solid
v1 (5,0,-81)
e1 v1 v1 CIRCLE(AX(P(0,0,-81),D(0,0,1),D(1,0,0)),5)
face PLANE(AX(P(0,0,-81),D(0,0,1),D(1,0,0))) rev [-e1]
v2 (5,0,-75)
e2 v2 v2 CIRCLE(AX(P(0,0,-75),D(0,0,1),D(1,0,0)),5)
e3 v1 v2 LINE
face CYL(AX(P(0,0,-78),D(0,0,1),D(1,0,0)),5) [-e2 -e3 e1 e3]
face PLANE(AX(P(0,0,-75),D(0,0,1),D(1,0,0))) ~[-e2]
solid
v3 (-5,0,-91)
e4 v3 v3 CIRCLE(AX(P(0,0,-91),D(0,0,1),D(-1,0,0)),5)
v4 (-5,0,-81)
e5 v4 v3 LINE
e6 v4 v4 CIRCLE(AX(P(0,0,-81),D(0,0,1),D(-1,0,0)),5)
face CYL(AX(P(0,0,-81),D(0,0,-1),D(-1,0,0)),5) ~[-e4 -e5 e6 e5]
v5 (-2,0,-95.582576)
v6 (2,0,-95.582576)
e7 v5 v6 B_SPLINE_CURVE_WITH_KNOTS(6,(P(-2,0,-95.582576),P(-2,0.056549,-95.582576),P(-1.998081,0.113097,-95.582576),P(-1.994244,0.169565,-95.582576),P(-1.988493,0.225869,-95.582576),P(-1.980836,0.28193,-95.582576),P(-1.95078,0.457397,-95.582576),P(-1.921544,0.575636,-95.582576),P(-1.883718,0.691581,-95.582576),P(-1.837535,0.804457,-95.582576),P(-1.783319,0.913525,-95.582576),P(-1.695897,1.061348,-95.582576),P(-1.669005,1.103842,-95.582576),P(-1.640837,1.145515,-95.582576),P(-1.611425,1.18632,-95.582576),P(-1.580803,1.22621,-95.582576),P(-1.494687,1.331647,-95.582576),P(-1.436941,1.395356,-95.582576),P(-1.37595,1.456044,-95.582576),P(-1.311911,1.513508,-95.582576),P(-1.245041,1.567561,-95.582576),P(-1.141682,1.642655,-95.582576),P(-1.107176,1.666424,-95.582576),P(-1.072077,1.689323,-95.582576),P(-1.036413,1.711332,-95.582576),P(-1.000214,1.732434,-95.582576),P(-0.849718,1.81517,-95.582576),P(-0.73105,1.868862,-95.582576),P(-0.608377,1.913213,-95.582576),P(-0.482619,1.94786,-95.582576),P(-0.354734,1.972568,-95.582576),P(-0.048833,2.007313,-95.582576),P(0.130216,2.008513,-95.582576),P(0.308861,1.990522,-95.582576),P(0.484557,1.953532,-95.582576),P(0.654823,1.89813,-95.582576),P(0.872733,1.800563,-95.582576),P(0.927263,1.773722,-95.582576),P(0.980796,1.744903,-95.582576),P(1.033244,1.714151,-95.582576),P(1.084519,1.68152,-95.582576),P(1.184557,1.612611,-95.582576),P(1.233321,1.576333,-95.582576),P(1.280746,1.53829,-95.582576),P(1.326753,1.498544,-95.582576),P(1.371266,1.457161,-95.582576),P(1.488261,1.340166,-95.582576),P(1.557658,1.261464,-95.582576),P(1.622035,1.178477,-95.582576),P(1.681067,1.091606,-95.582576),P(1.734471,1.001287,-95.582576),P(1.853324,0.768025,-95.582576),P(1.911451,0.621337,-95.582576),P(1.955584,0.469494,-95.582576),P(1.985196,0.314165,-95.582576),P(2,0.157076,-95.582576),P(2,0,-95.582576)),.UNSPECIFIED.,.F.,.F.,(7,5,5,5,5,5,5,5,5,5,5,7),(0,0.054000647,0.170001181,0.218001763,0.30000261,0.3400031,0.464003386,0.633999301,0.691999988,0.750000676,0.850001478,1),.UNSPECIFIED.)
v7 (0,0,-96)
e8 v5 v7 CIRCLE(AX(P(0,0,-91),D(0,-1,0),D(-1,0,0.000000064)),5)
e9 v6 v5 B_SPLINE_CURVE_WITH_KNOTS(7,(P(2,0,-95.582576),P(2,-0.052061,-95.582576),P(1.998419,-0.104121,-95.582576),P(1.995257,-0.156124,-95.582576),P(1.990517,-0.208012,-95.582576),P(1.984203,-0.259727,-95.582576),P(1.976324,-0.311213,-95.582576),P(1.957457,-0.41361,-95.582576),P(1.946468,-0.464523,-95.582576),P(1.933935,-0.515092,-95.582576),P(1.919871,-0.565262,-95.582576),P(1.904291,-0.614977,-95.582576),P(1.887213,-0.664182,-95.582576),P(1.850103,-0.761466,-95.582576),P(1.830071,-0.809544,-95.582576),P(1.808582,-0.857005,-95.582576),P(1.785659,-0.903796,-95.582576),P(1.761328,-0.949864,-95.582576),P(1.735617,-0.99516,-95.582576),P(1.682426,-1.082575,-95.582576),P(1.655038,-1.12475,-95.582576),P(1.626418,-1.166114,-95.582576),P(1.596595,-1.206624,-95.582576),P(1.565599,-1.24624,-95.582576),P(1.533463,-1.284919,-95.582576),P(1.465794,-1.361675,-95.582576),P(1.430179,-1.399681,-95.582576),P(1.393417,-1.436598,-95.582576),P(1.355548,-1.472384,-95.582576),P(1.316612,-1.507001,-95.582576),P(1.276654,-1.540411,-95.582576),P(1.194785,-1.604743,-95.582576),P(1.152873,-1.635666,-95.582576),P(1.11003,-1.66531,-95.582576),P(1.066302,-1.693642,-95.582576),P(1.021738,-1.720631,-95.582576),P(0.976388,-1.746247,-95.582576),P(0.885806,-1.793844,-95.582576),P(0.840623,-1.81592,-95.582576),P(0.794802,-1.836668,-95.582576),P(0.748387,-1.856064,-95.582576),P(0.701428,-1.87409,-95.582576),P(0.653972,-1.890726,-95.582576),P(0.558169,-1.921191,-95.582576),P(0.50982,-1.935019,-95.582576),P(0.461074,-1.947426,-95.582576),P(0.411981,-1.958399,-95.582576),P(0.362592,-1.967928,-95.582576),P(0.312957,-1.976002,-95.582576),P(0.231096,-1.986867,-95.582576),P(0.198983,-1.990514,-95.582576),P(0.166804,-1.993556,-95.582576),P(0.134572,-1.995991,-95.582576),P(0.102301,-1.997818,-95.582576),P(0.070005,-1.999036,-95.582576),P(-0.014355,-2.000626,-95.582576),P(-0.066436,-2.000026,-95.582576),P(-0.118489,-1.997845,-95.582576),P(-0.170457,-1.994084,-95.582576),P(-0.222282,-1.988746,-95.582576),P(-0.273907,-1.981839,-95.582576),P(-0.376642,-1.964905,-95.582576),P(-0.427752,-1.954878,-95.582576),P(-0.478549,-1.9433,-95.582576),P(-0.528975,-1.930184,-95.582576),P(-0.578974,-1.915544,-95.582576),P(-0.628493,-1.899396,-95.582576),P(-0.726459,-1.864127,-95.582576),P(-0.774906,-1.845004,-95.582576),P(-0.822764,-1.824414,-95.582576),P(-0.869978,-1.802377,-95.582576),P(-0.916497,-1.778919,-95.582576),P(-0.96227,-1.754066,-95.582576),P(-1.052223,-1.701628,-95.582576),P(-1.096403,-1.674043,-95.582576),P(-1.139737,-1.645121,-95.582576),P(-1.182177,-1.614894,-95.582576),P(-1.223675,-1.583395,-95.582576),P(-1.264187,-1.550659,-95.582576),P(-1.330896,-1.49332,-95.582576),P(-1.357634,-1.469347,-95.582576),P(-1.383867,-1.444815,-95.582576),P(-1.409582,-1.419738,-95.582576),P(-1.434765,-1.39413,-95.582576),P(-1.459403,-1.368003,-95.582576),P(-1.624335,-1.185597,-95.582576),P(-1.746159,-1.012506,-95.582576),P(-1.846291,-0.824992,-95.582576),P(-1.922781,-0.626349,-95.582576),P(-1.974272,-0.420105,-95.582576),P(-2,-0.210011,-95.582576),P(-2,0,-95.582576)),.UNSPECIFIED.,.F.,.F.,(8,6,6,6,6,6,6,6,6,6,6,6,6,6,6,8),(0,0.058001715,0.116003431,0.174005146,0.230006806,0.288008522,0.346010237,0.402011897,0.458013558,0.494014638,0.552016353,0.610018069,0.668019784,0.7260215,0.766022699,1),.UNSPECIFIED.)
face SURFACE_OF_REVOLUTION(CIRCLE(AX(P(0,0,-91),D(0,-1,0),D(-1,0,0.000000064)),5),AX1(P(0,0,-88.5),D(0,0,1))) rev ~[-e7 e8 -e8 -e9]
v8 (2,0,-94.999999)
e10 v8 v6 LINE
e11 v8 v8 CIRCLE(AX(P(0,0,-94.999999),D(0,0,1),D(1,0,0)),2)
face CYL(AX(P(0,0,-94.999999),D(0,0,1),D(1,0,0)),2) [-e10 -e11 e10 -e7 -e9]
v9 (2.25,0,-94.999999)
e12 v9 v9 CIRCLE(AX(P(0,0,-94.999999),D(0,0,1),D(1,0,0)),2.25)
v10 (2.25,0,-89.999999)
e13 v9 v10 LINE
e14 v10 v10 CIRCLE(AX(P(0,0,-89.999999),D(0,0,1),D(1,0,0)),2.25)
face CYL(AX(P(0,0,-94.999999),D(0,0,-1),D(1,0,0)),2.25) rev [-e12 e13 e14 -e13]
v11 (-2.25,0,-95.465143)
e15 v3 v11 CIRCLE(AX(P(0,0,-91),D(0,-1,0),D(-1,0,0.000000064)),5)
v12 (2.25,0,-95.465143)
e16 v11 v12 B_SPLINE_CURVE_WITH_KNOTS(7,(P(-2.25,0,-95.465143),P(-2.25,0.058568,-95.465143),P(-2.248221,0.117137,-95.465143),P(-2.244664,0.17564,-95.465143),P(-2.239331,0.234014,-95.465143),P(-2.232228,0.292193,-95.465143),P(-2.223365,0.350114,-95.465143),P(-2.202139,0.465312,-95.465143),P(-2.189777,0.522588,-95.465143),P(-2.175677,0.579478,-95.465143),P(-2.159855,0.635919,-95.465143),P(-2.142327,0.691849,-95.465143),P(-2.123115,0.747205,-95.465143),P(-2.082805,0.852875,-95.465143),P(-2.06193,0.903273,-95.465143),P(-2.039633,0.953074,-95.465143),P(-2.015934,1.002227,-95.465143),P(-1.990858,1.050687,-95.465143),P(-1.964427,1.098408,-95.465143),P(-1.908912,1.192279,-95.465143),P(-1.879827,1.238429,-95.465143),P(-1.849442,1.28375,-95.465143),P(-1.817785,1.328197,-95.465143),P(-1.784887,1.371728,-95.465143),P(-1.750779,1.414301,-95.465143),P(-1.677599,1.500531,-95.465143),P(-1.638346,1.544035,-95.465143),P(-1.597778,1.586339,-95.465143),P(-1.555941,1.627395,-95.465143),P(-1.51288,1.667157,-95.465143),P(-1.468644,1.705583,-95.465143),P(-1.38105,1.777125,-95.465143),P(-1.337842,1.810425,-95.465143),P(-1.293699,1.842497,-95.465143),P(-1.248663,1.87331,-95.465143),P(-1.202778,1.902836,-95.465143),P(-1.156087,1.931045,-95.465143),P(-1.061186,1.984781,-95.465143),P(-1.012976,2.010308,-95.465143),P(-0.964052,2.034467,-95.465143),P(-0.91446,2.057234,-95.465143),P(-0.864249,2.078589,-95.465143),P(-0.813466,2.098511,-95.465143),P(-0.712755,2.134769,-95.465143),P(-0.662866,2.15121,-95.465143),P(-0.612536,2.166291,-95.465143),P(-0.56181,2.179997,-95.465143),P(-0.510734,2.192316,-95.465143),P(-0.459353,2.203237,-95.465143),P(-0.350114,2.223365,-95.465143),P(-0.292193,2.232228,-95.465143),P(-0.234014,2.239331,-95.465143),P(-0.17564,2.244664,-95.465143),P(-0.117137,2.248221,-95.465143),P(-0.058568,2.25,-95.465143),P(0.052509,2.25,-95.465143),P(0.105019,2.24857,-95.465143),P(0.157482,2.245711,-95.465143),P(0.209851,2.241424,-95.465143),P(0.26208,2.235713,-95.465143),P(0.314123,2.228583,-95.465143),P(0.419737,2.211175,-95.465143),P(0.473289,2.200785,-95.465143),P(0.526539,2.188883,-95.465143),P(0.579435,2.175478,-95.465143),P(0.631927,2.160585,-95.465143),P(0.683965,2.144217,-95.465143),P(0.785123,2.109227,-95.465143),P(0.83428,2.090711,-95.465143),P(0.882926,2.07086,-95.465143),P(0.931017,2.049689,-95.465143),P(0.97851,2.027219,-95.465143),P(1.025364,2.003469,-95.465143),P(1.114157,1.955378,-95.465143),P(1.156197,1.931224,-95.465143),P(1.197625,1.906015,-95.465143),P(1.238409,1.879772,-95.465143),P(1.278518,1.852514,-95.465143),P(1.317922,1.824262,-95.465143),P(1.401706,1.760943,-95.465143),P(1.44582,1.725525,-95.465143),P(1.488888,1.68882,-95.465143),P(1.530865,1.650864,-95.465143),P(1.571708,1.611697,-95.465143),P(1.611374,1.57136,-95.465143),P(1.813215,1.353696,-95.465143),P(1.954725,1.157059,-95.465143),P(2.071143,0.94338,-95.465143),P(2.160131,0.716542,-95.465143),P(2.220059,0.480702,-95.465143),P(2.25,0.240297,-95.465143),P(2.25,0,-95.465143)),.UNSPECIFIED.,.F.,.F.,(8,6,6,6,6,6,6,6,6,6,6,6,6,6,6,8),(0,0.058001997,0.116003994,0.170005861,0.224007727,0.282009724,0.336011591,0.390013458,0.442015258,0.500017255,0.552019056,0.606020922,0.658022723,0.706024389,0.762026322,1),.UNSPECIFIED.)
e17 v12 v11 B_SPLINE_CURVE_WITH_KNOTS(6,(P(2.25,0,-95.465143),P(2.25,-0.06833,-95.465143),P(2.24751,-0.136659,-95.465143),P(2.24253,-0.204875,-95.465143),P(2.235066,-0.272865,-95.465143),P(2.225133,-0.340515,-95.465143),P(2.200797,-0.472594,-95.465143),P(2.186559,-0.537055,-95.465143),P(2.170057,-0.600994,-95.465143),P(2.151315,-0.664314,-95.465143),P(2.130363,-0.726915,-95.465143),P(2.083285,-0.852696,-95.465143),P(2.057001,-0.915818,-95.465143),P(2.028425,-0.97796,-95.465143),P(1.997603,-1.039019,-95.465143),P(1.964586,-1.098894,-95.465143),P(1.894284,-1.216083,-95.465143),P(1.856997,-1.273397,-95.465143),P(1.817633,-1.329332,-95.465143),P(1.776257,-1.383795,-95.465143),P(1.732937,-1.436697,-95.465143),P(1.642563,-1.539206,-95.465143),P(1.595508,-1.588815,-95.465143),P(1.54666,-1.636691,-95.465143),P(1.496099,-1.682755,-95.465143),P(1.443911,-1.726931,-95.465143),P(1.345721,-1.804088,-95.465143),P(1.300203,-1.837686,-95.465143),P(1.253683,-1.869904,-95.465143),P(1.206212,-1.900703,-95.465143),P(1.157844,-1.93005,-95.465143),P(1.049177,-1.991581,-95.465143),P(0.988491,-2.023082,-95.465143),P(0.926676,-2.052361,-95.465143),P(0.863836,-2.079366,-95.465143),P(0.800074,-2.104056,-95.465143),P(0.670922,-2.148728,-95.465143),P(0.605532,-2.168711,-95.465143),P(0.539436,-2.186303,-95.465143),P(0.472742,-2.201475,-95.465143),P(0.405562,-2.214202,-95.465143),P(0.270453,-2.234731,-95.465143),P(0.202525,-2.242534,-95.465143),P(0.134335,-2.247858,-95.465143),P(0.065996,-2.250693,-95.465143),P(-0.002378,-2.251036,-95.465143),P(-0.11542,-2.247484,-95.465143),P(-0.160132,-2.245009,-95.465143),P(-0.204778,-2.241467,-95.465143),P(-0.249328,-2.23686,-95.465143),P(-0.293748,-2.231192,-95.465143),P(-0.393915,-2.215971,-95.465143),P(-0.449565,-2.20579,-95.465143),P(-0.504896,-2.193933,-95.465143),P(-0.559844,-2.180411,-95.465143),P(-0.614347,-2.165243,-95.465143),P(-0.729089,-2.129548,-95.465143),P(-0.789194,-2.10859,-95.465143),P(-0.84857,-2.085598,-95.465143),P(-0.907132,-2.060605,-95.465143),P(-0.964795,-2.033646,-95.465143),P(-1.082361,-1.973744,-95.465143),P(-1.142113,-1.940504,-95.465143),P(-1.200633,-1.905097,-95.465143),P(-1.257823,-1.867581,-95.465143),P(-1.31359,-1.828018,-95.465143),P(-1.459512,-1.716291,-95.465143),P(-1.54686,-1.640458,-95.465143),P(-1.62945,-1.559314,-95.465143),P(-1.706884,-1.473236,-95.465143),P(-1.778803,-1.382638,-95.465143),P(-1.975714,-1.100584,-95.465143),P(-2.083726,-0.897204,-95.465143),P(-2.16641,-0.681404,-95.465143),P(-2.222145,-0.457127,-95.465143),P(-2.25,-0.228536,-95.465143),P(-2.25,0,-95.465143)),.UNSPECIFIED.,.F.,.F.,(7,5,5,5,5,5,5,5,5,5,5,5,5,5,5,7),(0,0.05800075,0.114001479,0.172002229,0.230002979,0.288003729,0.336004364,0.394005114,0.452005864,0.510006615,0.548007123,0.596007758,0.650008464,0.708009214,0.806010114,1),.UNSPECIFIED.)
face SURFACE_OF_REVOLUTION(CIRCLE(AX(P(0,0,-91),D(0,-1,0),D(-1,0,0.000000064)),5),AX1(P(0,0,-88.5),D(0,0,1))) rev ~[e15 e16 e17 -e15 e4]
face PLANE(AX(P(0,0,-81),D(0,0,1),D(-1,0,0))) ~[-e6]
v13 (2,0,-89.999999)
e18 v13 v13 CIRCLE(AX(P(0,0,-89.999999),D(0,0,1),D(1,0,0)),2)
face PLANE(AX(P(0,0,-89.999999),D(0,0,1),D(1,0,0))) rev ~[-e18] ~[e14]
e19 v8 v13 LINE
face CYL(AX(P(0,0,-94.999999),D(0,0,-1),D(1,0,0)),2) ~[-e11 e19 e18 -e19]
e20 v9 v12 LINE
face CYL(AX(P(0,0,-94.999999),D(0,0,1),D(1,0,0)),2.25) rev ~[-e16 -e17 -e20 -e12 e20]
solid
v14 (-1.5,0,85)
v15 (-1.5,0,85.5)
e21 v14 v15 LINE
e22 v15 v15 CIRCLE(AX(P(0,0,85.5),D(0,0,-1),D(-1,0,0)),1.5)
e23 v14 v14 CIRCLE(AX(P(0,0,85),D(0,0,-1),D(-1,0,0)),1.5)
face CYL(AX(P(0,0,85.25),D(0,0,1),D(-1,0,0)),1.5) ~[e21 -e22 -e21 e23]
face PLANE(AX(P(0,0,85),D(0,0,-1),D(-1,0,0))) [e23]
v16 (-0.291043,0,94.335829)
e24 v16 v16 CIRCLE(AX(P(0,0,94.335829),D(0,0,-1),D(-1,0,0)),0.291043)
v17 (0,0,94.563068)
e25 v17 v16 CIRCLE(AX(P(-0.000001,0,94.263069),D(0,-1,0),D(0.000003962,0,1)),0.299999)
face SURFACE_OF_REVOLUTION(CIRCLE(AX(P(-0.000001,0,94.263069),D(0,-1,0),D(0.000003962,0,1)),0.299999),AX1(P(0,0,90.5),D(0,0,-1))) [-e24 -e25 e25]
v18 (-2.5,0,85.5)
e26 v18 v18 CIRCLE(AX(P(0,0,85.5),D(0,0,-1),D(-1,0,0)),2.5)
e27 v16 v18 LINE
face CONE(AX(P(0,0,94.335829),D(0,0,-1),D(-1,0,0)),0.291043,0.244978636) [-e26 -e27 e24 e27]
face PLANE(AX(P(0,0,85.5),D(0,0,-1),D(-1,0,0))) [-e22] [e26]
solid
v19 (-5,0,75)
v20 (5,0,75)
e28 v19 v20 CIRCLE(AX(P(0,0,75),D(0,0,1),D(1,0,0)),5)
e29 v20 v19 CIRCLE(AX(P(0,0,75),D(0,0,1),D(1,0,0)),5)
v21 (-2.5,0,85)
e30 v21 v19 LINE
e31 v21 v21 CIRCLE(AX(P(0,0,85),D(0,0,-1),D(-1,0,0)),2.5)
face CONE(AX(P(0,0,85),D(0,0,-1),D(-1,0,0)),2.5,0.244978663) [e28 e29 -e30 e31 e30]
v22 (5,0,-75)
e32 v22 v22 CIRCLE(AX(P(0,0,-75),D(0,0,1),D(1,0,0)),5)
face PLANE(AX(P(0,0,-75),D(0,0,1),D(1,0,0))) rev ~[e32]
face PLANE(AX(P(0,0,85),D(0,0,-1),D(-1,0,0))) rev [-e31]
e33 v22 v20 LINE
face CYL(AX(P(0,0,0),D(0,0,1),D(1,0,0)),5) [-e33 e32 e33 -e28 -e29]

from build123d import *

# Parameters (mm, degrees)
F0_R           = 5
F1_DEPTH       = 75
F4_W           = 1.5
F4_H           = 0.5
F6_W           = 5
F6_H           = 6
F11_R          = 2.25
F11_R_2        = 2
F12_DEPTH      = 5
F12_DEPTH_BACK = 25


with BuildPart() as f1:
    # F0 (on Top) → F1 (new body, symmetric)
    with BuildSketch(Plane.XY):
        Circle(F0_R)
    extrude(amount=F1_DEPTH, both=True)

    # F2 (on Front) → F3 (revolve)
    with BuildSketch(Plane.XZ):
        Polygon((-2.5, 85), (-5, 75), (0, 75), (0, 85), align=None)
    revolve(axis=Axis((0, 0, 80), (0, 0, -1)))


with BuildPart() as f5:
    # F4 (on Front) → F5 (revolve)
    with BuildSketch(Plane.XZ):
        with Locations((-0.75, 85.25)):
            Rectangle(F4_W, F4_H)
        with BuildLine():
            Line((-0.291043, 94.335829), (-2.5, 85.5))
            Line((-2.5, 85.5), (-1.5, 85.5))
            Line((-1.5, 85.5), (0, 85.5))
            Line((0, 85.5), (0, 94.563068))
            ThreePointArc((0, 94.563068), (-0.184624, 94.49953), (-0.291043, 94.335829))
        make_face()
    revolve(axis=Axis((0, 0, 90.5), (0, 0, -1)))


with BuildPart() as f7:
    # F6 (on Front) → F7 (revolve)
    with BuildSketch(Plane.XZ):
        with Locations((2.5, -78)):
            Rectangle(F6_W, F6_H)
    revolve(axis=Axis((0, 0, -77.982798), (0, 0, 1)))


with BuildPart() as f9:
    # F8 (on Front) → F9 (revolve)
    with BuildSketch(Plane.XZ):
        with BuildLine():
            ThreePointArc((-5, -91), (-3.535534, -94.535534), (0, -96))
            Line((0, -96), (0, -81))
            Line((0, -81), (-5, -81))
            Line((-5, -81), (-5, -91))
        make_face()
    revolve(axis=Axis((0, 0, -88.5), (0, 0, 1)))

    # F11 (on offset) → F12 (cut, two sides)
    with BuildSketch(Plane.XY.offset(-94.999999)) as f12_sk:
        Circle(F11_R)
        Circle(F11_R_2, mode=Mode.SUBTRACT)
    extrude(amount=F12_DEPTH, mode=Mode.SUBTRACT)
    extrude(f12_sk.sketch, amount=-F12_DEPTH_BACK, mode=Mode.SUBTRACT)


solid = Compound([f1.part, f5.part, f7.part, f9.part])
